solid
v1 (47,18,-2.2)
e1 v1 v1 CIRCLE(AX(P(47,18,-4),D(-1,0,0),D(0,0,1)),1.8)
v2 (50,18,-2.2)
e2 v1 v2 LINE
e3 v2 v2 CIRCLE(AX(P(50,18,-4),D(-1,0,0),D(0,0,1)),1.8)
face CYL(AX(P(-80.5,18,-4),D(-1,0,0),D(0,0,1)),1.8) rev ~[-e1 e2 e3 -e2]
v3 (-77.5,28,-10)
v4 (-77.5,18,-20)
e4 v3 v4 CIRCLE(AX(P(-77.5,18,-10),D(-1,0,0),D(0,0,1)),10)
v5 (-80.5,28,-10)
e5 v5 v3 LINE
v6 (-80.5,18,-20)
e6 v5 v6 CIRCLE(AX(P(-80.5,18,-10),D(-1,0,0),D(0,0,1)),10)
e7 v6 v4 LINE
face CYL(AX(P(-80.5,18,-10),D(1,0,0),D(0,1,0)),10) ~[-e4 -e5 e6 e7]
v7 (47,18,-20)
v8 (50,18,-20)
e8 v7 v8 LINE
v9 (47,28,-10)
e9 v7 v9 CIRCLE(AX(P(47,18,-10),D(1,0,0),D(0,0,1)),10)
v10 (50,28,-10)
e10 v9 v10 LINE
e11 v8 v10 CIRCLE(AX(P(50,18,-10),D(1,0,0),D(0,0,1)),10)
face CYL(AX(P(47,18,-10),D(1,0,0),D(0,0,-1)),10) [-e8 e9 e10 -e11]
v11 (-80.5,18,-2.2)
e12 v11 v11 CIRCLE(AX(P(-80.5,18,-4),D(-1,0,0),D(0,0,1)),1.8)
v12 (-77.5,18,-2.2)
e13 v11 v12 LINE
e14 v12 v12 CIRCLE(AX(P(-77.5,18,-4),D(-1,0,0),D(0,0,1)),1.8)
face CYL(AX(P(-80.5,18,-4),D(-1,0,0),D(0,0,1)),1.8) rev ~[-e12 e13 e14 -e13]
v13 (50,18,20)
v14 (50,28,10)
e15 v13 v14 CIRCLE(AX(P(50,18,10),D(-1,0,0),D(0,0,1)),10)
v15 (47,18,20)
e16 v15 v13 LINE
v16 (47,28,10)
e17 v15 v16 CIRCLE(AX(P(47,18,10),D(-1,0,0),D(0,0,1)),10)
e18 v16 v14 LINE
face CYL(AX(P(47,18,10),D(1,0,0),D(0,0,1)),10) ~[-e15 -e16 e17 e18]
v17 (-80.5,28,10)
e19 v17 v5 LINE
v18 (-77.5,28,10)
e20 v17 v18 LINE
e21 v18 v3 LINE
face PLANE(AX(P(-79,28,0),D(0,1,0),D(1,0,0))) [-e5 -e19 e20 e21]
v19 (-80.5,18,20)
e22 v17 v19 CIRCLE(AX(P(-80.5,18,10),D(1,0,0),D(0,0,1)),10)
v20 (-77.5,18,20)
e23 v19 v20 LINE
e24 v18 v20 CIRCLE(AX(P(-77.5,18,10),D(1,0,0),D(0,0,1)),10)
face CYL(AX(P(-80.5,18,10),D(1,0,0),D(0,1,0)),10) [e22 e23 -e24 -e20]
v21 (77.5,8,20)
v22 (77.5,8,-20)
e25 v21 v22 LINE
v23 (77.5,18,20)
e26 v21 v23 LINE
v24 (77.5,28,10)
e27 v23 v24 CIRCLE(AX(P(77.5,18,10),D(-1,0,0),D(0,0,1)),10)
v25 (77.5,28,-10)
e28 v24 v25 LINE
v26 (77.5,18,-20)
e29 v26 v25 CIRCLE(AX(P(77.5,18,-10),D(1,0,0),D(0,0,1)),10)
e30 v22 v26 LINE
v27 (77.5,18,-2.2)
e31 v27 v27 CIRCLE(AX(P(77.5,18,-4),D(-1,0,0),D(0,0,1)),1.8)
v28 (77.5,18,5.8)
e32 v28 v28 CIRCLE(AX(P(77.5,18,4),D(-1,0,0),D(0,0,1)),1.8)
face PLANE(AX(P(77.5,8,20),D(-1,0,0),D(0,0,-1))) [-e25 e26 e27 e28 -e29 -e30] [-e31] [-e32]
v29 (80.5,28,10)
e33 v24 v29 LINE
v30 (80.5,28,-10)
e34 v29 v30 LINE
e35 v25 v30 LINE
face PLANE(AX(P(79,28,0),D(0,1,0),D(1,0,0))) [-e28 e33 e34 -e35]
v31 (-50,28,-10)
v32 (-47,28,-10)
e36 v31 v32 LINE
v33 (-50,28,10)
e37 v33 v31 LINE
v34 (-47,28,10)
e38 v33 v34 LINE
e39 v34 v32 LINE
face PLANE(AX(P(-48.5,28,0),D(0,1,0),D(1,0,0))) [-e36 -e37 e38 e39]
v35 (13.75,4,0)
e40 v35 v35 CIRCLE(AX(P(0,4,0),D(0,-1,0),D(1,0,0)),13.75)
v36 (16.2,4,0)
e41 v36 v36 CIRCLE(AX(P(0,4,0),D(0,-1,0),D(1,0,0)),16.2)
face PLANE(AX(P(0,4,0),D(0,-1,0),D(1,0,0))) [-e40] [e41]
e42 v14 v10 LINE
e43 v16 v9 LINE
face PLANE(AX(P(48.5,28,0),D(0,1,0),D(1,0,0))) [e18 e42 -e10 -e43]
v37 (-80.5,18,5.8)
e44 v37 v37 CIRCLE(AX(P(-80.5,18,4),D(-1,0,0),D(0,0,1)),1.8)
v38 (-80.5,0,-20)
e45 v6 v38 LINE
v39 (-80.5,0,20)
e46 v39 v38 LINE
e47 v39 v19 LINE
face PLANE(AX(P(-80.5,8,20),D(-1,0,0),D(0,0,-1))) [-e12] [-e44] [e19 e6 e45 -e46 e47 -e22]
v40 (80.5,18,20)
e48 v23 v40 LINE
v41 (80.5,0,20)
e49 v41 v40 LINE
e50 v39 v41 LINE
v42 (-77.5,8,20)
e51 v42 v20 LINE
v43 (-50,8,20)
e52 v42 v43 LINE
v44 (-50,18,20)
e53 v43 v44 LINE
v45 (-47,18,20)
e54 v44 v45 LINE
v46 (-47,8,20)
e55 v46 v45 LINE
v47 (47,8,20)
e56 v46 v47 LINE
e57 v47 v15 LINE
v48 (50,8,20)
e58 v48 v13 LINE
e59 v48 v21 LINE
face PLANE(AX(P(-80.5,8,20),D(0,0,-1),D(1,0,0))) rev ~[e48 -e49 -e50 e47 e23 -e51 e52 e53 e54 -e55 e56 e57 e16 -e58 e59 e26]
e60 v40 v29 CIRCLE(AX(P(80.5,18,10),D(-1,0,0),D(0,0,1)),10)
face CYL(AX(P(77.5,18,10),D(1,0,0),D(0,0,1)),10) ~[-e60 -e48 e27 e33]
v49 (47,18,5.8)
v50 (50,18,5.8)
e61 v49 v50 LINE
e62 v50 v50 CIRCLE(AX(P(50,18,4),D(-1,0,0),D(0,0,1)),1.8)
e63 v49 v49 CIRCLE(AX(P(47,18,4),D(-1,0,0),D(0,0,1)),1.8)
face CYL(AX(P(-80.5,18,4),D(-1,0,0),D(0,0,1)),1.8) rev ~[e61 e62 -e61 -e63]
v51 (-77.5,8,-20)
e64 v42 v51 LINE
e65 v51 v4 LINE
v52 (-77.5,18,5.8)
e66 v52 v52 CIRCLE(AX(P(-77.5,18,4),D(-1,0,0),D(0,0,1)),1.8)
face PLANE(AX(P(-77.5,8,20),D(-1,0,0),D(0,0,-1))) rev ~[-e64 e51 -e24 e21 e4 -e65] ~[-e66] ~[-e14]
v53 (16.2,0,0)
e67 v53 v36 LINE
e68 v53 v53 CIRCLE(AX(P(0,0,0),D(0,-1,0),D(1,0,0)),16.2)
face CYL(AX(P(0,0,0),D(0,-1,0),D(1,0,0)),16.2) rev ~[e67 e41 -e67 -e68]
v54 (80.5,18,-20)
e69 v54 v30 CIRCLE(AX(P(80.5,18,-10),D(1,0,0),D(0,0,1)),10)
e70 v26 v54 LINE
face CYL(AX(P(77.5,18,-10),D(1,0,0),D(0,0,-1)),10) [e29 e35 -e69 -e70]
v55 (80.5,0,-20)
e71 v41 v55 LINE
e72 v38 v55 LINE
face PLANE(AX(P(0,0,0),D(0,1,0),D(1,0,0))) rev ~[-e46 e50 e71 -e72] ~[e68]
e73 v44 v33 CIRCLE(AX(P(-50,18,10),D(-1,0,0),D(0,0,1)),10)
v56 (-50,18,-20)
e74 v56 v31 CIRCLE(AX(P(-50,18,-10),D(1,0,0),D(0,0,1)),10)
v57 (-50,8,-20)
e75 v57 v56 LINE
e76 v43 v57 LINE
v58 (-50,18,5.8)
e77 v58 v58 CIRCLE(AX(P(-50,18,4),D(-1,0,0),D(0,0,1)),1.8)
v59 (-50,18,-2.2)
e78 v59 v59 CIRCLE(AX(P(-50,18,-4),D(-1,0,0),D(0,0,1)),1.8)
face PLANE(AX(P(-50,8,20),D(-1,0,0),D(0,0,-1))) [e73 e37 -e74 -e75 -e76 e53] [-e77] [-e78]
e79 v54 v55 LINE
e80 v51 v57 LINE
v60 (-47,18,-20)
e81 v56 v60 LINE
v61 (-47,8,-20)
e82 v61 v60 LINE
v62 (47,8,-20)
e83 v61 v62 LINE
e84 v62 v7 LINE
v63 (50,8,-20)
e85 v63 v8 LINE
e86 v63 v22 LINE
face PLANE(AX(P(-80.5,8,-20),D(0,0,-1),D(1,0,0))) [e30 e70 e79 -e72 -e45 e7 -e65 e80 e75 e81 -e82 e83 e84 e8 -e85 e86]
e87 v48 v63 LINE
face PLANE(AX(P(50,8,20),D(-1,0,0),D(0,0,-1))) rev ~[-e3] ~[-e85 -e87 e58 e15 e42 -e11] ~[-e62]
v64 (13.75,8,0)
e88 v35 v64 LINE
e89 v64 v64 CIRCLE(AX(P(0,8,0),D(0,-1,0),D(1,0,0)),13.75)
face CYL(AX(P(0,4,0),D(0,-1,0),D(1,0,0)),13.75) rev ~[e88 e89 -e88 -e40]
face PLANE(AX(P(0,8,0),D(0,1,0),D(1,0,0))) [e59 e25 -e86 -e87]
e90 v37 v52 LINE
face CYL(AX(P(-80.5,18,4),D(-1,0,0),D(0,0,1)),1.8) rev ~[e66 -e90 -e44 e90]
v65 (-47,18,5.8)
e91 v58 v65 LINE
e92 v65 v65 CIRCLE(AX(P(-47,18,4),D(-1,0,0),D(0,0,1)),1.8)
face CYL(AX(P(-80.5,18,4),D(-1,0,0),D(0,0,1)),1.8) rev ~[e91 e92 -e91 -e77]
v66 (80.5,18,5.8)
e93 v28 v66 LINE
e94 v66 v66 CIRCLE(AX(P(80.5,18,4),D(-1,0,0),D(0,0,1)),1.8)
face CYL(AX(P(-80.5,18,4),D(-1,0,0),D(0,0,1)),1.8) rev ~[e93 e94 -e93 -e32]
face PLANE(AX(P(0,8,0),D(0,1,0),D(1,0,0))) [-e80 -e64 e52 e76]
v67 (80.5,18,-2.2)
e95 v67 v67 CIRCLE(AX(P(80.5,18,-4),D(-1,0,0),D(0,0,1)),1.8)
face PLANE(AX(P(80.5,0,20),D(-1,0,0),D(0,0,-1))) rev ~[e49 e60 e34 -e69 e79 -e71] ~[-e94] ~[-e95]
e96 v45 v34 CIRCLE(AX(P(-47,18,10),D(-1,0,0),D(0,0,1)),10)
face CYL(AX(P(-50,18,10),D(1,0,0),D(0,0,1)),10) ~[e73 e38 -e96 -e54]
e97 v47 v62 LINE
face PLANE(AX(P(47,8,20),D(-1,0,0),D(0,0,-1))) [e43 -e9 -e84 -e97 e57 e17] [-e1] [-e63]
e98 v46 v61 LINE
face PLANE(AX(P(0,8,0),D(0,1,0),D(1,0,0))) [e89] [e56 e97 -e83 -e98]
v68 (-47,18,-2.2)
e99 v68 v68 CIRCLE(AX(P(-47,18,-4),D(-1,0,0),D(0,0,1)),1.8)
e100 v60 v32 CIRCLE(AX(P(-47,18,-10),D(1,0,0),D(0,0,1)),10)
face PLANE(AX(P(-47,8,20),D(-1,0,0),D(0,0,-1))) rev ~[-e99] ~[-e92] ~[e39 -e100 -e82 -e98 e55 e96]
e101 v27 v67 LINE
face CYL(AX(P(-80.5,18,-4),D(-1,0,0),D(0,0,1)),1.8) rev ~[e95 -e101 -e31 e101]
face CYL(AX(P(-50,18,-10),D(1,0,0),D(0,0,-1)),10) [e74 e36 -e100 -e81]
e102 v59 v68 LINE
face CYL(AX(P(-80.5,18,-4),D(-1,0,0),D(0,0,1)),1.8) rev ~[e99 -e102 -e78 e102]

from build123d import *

# Parameters (mm, degrees)
SKETCH1_W               = 161
SKETCH1_H               = 40
BOSS_EXTRUDE1_DEPTH     = 8
SKETCH2_W               = 3
SKETCH2_H               = 40
BOSS_EXTRUDE2_DEPTH     = 20
SKETCH3_R               = 16.2
CUT_EXTRUDE1_DEPTH      = 4
SKETCH4_R               = 1.8
CUT_EXTRUDE2_DEPTH      = 1
CUT_EXTRUDE2_DEPTH_BACK = 162
CUT_EXTRUDE3_REACH      = 26
SKETCH5_R               = 13.75
FILLET1_R               = 10


with BuildPart() as part:
    # Sketch1 → Boss-Extrude1 (new body)
    with BuildSketch(Plane(origin=(0, 0, 0), x_dir=(1, 0, 0), z_dir=(0, 1, 0))):
        Rectangle(SKETCH1_W, SKETCH1_H)
    extrude(amount=BOSS_EXTRUDE1_DEPTH)

    # Sketch2 → Boss-Extrude2 (add)
    with BuildSketch(Plane(origin=(0, 8, 0), x_dir=(1, 0, 0), z_dir=(0, 1, 0))):
        with Locations((-48.5, 0)):
            Rectangle(SKETCH2_W, SKETCH2_H)
        with Locations((-79, 0)):
            Rectangle(SKETCH2_W, SKETCH2_H)
        with Locations((79, 0)):
            Rectangle(SKETCH2_W, SKETCH2_H)
        with Locations((48.5, 0)):
            Rectangle(SKETCH2_W, SKETCH2_H)
    extrude(amount=BOSS_EXTRUDE2_DEPTH)

    # Sketch3 → Cut-Extrude1 (cut)
    with BuildSketch(Plane.XZ):
        Circle(SKETCH3_R)
    extrude(amount=-CUT_EXTRUDE1_DEPTH, mode=Mode.SUBTRACT)

    # Sketch4 → Cut-Extrude2 (cut, two sides)
    with BuildSketch(Plane.ZY.offset(80.5)) as cut_extrude2_sk:
        with Locations((4, 18)):
            Circle(SKETCH4_R)
        with Locations((-4, 18)):
            Circle(SKETCH4_R)
    extrude(amount=CUT_EXTRUDE2_DEPTH, mode=Mode.SUBTRACT)
    extrude(cut_extrude2_sk.sketch, amount=-CUT_EXTRUDE2_DEPTH_BACK, mode=Mode.SUBTRACT)

    # Sketch5 → Cut-Extrude3 (cut, up to next)
    with BuildSketch(Plane.XZ.offset(-4), mode=Mode.PRIVATE) as cut_extrude3_sk1:
        Circle(SKETCH5_R)
    cut_extrude3_tool1 = extrude(cut_extrude3_sk1.sketch, amount=-CUT_EXTRUDE3_REACH, mode=Mode.PRIVATE) & part.part
    add(cut_extrude3_tool1.solids().sort_by_distance((0, 4, 0))[0], mode=Mode.SUBTRACT)

    # Fillet1
    fillet1_edges = [part.edges().sort_by_distance(p)[0] for p in [
        (-48.5, 28, 20),
        (-48.5, 28, -20),
        (-79, 28, 20),
        (-79, 28, -20),
        (79, 28, -20),
        (79, 28, 20),
        (48.5, 28, -20),
        (48.5, 28, 20),
    ]]
    fillet(fillet1_edges, radius=FILLET1_R)


solid = part.part
